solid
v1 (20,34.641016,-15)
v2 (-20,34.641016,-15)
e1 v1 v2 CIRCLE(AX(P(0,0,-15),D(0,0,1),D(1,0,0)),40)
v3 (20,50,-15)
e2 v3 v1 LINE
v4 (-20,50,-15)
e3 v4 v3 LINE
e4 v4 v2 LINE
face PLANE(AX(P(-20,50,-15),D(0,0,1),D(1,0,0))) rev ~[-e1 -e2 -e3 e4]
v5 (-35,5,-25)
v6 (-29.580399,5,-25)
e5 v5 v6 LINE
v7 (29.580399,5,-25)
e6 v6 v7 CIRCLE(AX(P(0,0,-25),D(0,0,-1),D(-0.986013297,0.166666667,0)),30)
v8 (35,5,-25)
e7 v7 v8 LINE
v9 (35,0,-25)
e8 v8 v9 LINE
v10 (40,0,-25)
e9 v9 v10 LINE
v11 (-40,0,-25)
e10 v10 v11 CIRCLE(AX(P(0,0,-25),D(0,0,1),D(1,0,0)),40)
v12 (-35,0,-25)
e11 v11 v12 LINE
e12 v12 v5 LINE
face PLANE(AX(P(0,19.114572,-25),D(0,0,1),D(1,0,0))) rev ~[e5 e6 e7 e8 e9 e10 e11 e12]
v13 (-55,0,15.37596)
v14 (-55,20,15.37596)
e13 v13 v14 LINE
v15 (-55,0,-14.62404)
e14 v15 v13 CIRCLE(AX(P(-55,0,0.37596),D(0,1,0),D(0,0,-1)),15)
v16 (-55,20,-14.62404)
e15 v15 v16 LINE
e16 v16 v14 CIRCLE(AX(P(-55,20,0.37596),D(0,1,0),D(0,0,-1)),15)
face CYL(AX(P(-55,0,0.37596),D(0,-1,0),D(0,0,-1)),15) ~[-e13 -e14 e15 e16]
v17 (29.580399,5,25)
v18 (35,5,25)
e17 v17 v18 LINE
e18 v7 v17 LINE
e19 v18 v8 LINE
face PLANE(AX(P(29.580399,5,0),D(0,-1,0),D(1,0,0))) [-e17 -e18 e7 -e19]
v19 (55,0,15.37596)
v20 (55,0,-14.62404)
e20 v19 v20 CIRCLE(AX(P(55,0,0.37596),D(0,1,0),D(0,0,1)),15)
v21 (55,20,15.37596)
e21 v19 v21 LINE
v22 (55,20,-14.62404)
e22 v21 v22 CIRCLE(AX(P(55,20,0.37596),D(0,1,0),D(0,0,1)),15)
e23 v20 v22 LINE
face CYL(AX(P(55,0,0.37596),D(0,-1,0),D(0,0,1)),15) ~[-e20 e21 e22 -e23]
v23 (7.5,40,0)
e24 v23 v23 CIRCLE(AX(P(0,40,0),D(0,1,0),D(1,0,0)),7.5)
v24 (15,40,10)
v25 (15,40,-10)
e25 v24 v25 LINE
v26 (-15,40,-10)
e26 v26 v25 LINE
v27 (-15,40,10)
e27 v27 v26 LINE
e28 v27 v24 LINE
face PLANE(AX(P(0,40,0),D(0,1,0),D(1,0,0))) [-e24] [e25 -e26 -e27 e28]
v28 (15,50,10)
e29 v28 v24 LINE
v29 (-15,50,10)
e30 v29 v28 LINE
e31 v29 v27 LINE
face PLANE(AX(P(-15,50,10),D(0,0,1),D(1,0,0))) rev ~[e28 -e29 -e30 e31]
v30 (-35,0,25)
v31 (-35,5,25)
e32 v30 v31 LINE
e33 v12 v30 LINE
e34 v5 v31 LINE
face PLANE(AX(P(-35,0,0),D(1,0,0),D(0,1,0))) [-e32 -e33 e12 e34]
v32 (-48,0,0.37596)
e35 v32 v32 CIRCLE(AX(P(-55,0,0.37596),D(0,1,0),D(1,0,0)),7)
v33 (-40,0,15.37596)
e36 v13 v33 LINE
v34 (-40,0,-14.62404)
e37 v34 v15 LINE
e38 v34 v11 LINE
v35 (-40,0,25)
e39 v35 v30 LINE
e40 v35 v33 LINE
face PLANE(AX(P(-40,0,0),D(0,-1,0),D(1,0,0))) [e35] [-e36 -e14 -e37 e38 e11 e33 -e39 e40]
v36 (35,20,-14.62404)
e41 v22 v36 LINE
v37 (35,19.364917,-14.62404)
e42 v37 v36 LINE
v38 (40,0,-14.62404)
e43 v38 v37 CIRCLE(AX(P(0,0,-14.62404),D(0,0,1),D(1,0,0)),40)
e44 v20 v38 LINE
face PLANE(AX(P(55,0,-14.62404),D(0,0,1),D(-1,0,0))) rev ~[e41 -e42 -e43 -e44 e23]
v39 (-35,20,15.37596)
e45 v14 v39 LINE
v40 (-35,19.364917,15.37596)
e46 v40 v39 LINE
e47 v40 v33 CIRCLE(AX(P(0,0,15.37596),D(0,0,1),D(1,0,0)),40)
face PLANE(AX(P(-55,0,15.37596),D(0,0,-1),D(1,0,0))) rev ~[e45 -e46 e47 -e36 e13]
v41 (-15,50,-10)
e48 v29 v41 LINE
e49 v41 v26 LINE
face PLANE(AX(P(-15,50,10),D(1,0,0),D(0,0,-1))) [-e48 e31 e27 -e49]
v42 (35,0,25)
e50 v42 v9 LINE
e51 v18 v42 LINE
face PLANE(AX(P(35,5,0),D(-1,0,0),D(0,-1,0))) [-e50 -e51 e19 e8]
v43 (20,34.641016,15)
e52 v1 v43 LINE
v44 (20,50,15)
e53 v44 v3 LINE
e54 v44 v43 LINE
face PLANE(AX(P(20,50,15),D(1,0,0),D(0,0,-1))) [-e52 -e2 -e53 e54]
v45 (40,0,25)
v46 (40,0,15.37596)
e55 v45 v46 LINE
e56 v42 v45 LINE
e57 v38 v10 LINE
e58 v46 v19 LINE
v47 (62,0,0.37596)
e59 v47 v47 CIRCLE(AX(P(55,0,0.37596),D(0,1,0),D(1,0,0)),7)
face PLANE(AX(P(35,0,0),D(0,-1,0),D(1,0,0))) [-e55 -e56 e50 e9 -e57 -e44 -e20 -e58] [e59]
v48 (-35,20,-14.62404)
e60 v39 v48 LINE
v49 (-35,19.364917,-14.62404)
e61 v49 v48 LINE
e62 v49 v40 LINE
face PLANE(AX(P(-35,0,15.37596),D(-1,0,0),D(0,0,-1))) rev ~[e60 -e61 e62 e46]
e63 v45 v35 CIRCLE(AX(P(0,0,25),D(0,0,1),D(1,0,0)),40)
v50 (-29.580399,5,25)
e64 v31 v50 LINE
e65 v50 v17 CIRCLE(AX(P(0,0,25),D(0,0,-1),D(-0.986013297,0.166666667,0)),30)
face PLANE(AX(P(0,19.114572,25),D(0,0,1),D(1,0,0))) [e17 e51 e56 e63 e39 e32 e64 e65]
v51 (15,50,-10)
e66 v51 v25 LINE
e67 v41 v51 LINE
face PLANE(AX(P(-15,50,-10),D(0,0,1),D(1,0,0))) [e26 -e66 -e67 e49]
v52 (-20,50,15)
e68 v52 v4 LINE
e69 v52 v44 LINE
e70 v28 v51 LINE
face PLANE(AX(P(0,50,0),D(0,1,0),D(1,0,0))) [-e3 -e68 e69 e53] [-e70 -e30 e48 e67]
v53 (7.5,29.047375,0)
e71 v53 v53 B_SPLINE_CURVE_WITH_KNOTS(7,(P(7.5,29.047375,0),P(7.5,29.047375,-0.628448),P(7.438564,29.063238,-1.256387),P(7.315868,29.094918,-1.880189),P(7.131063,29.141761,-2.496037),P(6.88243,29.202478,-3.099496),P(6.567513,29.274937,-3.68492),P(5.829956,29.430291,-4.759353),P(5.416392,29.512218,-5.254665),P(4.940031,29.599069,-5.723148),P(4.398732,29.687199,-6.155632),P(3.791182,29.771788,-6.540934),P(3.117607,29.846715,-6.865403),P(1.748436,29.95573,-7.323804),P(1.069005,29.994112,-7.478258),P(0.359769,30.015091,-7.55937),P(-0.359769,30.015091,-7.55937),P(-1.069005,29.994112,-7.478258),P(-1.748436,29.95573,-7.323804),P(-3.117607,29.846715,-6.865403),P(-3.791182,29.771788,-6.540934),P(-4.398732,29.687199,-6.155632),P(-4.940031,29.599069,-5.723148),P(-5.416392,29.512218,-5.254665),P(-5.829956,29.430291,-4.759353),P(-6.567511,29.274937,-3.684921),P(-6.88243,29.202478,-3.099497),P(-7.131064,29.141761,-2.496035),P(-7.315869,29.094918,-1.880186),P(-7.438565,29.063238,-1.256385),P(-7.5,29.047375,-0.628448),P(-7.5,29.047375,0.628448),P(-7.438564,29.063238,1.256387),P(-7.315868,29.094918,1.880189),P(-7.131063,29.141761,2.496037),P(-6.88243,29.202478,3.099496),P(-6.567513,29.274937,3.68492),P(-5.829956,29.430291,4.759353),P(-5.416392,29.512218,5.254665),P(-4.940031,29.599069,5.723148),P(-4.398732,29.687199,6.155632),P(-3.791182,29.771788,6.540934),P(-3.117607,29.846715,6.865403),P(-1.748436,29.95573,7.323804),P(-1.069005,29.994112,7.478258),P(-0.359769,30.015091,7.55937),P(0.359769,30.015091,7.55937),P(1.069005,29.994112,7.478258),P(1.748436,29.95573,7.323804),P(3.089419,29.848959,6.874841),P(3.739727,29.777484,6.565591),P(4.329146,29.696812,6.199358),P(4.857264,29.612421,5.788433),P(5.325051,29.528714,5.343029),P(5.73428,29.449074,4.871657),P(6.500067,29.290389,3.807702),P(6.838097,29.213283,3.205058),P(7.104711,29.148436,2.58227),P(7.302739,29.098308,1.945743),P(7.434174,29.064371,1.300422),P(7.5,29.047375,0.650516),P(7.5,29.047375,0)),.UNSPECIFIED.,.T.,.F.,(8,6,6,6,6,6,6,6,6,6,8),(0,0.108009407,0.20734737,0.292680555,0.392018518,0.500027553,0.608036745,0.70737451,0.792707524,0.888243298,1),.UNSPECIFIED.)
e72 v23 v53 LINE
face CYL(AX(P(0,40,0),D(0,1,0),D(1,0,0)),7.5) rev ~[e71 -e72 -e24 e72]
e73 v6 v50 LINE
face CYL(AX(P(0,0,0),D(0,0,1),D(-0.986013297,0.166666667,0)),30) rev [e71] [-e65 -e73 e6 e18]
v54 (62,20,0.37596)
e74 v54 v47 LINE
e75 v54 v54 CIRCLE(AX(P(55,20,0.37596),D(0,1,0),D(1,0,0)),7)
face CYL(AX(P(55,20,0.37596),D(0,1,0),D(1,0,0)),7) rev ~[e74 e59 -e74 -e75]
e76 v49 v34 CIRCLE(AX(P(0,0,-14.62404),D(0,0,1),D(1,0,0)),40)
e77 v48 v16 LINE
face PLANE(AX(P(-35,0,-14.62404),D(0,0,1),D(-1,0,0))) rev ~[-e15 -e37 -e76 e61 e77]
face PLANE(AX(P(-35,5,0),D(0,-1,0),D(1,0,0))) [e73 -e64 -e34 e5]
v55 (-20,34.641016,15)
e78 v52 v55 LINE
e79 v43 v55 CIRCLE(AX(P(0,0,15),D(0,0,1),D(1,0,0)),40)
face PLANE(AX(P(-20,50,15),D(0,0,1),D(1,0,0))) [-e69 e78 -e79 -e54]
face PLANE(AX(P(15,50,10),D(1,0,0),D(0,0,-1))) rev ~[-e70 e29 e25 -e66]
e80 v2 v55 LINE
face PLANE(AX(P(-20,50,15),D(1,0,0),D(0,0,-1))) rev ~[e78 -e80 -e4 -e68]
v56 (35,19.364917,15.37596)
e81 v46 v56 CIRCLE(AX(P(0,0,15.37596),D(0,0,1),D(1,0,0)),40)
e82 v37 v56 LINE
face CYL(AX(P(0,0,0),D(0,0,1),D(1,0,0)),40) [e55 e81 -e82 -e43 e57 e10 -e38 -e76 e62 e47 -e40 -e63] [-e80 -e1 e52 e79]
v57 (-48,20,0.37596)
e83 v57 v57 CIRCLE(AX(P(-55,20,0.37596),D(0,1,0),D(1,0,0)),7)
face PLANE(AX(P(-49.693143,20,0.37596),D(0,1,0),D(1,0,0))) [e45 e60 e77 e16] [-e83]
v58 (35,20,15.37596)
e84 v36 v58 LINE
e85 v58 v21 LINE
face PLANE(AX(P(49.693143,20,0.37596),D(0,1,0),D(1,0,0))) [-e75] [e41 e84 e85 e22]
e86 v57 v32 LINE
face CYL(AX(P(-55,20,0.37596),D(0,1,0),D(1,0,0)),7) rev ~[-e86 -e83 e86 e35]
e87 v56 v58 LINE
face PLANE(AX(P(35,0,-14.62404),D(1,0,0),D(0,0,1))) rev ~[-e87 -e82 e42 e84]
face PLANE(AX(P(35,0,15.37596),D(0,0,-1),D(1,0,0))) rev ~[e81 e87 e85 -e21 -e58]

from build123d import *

# Parameters (mm, degrees)
BOSS_EXTRUDE1_DEPTH = 25
BOSS_EXTRUDE3_DEPTH = 20
SKETCH3_R           = 7
CUT_EXTRUDE1_DEPTH  = 20
SKETCH4_R           = 7
CUT_EXTRUDE2_DEPTH  = 20
BOSS_EXTRUDE4_REACH = 52
SKETCH5_W           = 40
SKETCH5_H           = 30
SKETCH6_W           = 30
SKETCH6_H           = 20
CUT_EXTRUDE3_DEPTH  = 10
CUT_EXTRUDE4_REACH  = 42
SKETCH7_R           = 7.5


with BuildPart() as part:
    # Sketch1 → Boss-Extrude1 (new body, symmetric)
    with BuildSketch(Plane.XY):
        with BuildLine():
            Line((-40, 0), (-35, 0))
            Line((-35, 0), (-35, 5))
            Line((-35, 5), (-29.580398915, 5))
            ThreePointArc((-29.580398915, 5), (0, 30), (29.580398915, 5))
            Line((29.580398915, 5), (35, 5))
            Line((35, 5), (35, 0))
            Line((35, 0), (40, 0))
            ThreePointArc((40, 0), (0, 40), (-40, 0))
        make_face()
    extrude(amount=BOSS_EXTRUDE1_DEPTH, both=True)

    # Sketch2 → Boss-Extrude3 (add)
    with BuildSketch(Plane(origin=(0, 0, 0), x_dir=(1, 0, 0), z_dir=(0, 1, 0))):
        with BuildLine():
            Line((35, 14.624040257), (35, -15.375959743))
            Line((35, -15.375959743), (55, -15.375959743))
            ThreePointArc((55, -15.375959743), (70, -0.375959743), (55, 14.624040257))
            Line((55, 14.624040257), (35, 14.624040257))
        make_face()
        with BuildLine():
            Line((-55, -15.375959743), (-35, -15.375959743))
            Line((-35, -15.375959743), (-35, 14.624040257))
            Line((-35, 14.624040257), (-55, 14.624040257))
            ThreePointArc((-55, 14.624040257), (-70, -0.375959743), (-55, -15.375959743))
        make_face()
    extrude(amount=BOSS_EXTRUDE3_DEPTH)

    # Sketch3 → Cut-Extrude1 (cut)
    with BuildSketch(Plane(origin=(0, 20, 0), x_dir=(1, 0, 0), z_dir=(0, 1, 0))):
        with Locations((55, -0.375959743)):
            Circle(SKETCH3_R)
    extrude(amount=-CUT_EXTRUDE1_DEPTH, mode=Mode.SUBTRACT)

    # Sketch4 → Cut-Extrude2 (cut)
    with BuildSketch(Plane(origin=(0, 20, 0), x_dir=(1, 0, 0), z_dir=(0, 1, 0))):
        with Locations((-55, -0.375959743)):
            Circle(SKETCH4_R)
    extrude(amount=-CUT_EXTRUDE2_DEPTH, mode=Mode.SUBTRACT)

    # Sketch5 → Boss-Extrude4 (add, up to next)
    with BuildSketch(Plane(origin=(0, 50, 0), x_dir=(1, 0, 0), z_dir=(0, 1, 0)), mode=Mode.PRIVATE) as boss_extrude4_sk1:
        Rectangle(SKETCH5_W, SKETCH5_H)
    boss_extrude4_tool1 = extrude(boss_extrude4_sk1.sketch, amount=-BOSS_EXTRUDE4_REACH, mode=Mode.PRIVATE) - part.part
    add(boss_extrude4_tool1.solids().sort_by_distance((0, 50, 0))[0])

    # Sketch6 → Cut-Extrude3 (cut)
    with BuildSketch(Plane(origin=(0, 50, 0), x_dir=(1, 0, 0), z_dir=(0, 1, 0))):
        Rectangle(SKETCH6_W, SKETCH6_H)
    extrude(amount=-CUT_EXTRUDE3_DEPTH, mode=Mode.SUBTRACT)

    # Sketch7 → Cut-Extrude4 (cut, up to next)
    with BuildSketch(Plane(origin=(0, 40, 0), x_dir=(1, 0, 0), z_dir=(0, 1, 0)), mode=Mode.PRIVATE) as cut_extrude4_sk1:
        Circle(SKETCH7_R)
    cut_extrude4_tool1 = extrude(cut_extrude4_sk1.sketch, amount=-CUT_EXTRUDE4_REACH, mode=Mode.PRIVATE) & part.part
    add(cut_extrude4_tool1.solids().sort_by_distance((0, 40, 0))[0], mode=Mode.SUBTRACT)


solid = part.part
